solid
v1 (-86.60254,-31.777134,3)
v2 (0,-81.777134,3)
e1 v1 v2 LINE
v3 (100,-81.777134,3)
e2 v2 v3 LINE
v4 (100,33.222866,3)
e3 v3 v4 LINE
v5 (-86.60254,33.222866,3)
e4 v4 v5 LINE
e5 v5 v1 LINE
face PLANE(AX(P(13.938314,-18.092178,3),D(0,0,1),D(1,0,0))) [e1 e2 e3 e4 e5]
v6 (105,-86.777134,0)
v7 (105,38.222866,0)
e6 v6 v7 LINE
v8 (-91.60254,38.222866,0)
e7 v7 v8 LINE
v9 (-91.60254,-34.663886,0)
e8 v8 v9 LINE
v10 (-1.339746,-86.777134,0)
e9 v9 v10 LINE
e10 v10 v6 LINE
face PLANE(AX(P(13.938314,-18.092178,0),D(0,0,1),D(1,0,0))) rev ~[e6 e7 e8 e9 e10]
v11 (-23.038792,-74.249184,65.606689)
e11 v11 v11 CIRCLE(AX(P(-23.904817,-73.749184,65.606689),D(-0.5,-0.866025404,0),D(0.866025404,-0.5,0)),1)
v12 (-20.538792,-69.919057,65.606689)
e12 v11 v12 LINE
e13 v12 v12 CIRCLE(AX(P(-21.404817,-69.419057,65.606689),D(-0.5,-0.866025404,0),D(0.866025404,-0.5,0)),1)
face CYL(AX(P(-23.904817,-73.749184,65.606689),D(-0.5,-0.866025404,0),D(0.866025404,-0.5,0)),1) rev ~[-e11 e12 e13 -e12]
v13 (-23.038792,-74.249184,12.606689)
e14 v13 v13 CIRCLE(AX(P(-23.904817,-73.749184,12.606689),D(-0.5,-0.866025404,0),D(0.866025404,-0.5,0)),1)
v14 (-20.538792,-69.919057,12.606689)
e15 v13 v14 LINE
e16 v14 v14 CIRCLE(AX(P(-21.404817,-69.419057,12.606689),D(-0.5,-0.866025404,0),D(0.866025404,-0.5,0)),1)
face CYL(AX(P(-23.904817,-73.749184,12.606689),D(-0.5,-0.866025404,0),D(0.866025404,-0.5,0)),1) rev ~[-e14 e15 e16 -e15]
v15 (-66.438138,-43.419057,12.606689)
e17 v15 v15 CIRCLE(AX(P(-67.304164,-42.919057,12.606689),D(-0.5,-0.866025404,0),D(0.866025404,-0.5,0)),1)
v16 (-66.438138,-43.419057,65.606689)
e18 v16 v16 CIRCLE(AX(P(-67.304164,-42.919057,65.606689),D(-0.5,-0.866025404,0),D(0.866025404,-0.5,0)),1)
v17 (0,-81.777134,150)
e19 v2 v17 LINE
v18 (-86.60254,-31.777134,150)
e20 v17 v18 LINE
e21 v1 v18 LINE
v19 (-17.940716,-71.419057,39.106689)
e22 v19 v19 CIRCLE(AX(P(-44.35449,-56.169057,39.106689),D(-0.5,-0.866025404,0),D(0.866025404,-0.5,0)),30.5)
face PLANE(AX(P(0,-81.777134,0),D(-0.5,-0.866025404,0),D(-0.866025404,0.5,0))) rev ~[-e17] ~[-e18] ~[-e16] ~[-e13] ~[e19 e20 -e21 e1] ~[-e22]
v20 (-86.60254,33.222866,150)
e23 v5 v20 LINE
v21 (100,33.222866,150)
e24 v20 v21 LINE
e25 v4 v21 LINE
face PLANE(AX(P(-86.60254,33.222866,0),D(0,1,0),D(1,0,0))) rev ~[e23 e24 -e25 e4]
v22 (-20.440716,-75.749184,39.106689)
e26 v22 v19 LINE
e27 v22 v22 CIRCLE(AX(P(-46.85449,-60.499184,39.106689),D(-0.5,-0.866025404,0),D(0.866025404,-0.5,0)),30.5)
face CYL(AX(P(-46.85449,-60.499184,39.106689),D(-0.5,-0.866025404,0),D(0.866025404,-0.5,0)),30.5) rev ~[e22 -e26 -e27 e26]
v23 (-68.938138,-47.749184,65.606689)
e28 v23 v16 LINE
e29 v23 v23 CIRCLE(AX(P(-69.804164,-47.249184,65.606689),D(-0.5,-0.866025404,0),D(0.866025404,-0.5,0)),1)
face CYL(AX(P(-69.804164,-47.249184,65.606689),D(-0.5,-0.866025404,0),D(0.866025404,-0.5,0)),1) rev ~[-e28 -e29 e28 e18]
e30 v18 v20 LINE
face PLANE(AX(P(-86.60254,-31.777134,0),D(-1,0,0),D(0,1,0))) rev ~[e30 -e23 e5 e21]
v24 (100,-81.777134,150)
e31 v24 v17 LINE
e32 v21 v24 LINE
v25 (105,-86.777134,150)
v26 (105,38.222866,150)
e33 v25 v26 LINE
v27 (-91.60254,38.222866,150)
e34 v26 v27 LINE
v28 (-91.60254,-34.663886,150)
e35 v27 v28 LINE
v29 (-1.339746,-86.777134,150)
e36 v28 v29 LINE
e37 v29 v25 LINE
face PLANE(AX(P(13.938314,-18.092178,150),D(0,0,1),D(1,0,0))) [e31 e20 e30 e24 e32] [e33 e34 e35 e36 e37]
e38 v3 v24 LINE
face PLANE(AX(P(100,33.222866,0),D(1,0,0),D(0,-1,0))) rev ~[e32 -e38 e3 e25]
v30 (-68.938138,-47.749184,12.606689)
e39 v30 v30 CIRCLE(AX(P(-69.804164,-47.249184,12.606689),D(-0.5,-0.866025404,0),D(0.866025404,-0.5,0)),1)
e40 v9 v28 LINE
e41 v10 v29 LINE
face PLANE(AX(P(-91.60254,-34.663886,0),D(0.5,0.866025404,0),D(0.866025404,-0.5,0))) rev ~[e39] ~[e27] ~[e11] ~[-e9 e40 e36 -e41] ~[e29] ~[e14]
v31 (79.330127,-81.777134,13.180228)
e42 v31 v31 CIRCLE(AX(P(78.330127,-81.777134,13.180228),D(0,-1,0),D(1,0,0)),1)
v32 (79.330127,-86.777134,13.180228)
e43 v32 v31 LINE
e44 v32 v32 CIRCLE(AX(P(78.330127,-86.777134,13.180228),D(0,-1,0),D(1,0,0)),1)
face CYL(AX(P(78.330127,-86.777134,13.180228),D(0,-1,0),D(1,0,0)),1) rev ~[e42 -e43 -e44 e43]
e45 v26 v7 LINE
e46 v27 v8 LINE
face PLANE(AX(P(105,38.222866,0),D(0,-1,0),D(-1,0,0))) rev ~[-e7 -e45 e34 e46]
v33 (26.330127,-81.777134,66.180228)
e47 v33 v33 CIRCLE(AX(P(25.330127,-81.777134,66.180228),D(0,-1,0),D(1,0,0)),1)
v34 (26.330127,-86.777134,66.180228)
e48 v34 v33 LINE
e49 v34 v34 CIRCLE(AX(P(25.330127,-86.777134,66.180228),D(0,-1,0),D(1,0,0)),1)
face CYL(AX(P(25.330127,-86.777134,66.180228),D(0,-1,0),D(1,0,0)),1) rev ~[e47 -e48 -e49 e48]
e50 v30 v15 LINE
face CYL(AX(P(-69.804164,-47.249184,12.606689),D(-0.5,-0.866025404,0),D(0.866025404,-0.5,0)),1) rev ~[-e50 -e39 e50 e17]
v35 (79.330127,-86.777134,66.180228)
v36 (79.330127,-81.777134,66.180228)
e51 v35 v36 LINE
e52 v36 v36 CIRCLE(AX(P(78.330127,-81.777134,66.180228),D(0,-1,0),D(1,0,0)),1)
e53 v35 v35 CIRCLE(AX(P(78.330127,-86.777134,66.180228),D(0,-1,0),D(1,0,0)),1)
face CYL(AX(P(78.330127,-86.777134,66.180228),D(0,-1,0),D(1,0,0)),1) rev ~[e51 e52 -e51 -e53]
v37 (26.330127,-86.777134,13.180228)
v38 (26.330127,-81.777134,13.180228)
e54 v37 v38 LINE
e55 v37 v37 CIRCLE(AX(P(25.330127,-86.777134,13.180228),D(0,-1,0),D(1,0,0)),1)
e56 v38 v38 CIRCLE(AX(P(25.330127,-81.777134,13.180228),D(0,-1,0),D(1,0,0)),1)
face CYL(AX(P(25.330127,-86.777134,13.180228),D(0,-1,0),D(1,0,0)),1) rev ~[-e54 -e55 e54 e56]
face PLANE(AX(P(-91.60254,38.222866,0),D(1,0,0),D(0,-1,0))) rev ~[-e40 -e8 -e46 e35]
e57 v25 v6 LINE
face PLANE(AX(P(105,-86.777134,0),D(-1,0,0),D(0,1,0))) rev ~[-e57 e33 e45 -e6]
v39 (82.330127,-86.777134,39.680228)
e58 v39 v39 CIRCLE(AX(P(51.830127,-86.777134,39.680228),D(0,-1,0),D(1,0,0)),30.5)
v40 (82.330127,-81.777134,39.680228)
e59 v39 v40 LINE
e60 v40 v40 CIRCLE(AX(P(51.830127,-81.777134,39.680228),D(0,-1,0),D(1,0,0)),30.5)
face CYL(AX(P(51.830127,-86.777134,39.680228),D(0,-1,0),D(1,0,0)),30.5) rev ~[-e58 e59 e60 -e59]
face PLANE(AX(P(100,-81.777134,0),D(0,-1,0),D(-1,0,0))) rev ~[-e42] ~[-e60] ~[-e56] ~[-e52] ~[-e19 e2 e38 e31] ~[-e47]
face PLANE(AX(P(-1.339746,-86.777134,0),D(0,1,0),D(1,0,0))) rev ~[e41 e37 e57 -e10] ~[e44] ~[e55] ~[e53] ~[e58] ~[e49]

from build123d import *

# Parameters (mm, degrees)
F1_DEPTH = 3
F2_DEPTH = 150
F3_R     = 30.5
F3_R_2   = 1
F4_DEPTH = 5
F5_R     = 30.5
F5_R_2   = 1
F6_DEPTH = 5


with BuildPart() as f1:
    # F0 (on Top) → F1 (new body)
    with BuildSketch(Plane.XY):
        Polygon((-91.6025403784, 38.2228657698), (-91.6025403784, -34.6638855762), (-1.3397459622, -86.7771342302), (105, -86.7771342302), (105, 38.2228657698), align=None)
        Polygon((100, -81.7771342302), (0, -81.7771342302), (-86.6025403784, -31.7771342302), (-86.6025403784, 33.2228657698), (100, 33.2228657698), align=None, mode=Mode.SUBTRACT)
        Polygon((-86.6025403784, -31.7771342302), (0, -81.7771342302), (100, -81.7771342302), (100, 33.2228657698), (-86.6025403784, 33.2228657698), align=None)
    extrude(amount=F1_DEPTH)

    # F0 (on Top) → F2 (join)
    with BuildSketch(Plane.XY):
        Polygon((-91.6025403784, 38.2228657698), (-91.6025403784, -34.6638855762), (-1.3397459622, -86.7771342302), (105, -86.7771342302), (105, 38.2228657698), align=None)
        Polygon((100, -81.7771342302), (0, -81.7771342302), (-86.6025403784, -31.7771342302), (-86.6025403784, 33.2228657698), (100, 33.2228657698), align=None, mode=Mode.SUBTRACT)
    extrude(amount=F2_DEPTH)

    # F3 (on face) → F4 (cut)
    with BuildSketch(Plane.XZ.offset(86.7771342302)):
        with Locations((51.8301270189, 39.6802276373)):
            Circle(F3_R)
        with Locations((25.3301270189, 13.1802276373)):
            Circle(F3_R_2)
        with Locations((78.3301270189, 13.1802276373)):
            Circle(F3_R_2)
        with Locations((78.3301270189, 66.1802276373)):
            Circle(F3_R_2)
        with Locations((25.3301270189, 66.1802276373)):
            Circle(F3_R_2)
    extrude(amount=-F4_DEPTH, mode=Mode.SUBTRACT)

    # F5 (on face) → F6 (cut)
    with BuildSketch(Plane(origin=(-37.910537846, -65.6629776916, 0), x_dir=(0.8660254038, -0.5, 0), z_dir=(-0.5, -0.8660254038, 0))):
        with Locations((-10.3275869042, 39.1066893935)):
            Circle(F5_R)
        with Locations((16.1724130958, 65.6066893935)):
            Circle(F5_R_2)
        with Locations((16.1724130958, 12.6066893935)):
            Circle(F5_R_2)
        with Locations((-36.8275869042, 65.6066893935)):
            Circle(F5_R_2)
        with Locations((-36.8275869042, 12.6066893935)):
            Circle(F5_R_2)
    extrude(amount=-F6_DEPTH, mode=Mode.SUBTRACT)


solid = f1.part
